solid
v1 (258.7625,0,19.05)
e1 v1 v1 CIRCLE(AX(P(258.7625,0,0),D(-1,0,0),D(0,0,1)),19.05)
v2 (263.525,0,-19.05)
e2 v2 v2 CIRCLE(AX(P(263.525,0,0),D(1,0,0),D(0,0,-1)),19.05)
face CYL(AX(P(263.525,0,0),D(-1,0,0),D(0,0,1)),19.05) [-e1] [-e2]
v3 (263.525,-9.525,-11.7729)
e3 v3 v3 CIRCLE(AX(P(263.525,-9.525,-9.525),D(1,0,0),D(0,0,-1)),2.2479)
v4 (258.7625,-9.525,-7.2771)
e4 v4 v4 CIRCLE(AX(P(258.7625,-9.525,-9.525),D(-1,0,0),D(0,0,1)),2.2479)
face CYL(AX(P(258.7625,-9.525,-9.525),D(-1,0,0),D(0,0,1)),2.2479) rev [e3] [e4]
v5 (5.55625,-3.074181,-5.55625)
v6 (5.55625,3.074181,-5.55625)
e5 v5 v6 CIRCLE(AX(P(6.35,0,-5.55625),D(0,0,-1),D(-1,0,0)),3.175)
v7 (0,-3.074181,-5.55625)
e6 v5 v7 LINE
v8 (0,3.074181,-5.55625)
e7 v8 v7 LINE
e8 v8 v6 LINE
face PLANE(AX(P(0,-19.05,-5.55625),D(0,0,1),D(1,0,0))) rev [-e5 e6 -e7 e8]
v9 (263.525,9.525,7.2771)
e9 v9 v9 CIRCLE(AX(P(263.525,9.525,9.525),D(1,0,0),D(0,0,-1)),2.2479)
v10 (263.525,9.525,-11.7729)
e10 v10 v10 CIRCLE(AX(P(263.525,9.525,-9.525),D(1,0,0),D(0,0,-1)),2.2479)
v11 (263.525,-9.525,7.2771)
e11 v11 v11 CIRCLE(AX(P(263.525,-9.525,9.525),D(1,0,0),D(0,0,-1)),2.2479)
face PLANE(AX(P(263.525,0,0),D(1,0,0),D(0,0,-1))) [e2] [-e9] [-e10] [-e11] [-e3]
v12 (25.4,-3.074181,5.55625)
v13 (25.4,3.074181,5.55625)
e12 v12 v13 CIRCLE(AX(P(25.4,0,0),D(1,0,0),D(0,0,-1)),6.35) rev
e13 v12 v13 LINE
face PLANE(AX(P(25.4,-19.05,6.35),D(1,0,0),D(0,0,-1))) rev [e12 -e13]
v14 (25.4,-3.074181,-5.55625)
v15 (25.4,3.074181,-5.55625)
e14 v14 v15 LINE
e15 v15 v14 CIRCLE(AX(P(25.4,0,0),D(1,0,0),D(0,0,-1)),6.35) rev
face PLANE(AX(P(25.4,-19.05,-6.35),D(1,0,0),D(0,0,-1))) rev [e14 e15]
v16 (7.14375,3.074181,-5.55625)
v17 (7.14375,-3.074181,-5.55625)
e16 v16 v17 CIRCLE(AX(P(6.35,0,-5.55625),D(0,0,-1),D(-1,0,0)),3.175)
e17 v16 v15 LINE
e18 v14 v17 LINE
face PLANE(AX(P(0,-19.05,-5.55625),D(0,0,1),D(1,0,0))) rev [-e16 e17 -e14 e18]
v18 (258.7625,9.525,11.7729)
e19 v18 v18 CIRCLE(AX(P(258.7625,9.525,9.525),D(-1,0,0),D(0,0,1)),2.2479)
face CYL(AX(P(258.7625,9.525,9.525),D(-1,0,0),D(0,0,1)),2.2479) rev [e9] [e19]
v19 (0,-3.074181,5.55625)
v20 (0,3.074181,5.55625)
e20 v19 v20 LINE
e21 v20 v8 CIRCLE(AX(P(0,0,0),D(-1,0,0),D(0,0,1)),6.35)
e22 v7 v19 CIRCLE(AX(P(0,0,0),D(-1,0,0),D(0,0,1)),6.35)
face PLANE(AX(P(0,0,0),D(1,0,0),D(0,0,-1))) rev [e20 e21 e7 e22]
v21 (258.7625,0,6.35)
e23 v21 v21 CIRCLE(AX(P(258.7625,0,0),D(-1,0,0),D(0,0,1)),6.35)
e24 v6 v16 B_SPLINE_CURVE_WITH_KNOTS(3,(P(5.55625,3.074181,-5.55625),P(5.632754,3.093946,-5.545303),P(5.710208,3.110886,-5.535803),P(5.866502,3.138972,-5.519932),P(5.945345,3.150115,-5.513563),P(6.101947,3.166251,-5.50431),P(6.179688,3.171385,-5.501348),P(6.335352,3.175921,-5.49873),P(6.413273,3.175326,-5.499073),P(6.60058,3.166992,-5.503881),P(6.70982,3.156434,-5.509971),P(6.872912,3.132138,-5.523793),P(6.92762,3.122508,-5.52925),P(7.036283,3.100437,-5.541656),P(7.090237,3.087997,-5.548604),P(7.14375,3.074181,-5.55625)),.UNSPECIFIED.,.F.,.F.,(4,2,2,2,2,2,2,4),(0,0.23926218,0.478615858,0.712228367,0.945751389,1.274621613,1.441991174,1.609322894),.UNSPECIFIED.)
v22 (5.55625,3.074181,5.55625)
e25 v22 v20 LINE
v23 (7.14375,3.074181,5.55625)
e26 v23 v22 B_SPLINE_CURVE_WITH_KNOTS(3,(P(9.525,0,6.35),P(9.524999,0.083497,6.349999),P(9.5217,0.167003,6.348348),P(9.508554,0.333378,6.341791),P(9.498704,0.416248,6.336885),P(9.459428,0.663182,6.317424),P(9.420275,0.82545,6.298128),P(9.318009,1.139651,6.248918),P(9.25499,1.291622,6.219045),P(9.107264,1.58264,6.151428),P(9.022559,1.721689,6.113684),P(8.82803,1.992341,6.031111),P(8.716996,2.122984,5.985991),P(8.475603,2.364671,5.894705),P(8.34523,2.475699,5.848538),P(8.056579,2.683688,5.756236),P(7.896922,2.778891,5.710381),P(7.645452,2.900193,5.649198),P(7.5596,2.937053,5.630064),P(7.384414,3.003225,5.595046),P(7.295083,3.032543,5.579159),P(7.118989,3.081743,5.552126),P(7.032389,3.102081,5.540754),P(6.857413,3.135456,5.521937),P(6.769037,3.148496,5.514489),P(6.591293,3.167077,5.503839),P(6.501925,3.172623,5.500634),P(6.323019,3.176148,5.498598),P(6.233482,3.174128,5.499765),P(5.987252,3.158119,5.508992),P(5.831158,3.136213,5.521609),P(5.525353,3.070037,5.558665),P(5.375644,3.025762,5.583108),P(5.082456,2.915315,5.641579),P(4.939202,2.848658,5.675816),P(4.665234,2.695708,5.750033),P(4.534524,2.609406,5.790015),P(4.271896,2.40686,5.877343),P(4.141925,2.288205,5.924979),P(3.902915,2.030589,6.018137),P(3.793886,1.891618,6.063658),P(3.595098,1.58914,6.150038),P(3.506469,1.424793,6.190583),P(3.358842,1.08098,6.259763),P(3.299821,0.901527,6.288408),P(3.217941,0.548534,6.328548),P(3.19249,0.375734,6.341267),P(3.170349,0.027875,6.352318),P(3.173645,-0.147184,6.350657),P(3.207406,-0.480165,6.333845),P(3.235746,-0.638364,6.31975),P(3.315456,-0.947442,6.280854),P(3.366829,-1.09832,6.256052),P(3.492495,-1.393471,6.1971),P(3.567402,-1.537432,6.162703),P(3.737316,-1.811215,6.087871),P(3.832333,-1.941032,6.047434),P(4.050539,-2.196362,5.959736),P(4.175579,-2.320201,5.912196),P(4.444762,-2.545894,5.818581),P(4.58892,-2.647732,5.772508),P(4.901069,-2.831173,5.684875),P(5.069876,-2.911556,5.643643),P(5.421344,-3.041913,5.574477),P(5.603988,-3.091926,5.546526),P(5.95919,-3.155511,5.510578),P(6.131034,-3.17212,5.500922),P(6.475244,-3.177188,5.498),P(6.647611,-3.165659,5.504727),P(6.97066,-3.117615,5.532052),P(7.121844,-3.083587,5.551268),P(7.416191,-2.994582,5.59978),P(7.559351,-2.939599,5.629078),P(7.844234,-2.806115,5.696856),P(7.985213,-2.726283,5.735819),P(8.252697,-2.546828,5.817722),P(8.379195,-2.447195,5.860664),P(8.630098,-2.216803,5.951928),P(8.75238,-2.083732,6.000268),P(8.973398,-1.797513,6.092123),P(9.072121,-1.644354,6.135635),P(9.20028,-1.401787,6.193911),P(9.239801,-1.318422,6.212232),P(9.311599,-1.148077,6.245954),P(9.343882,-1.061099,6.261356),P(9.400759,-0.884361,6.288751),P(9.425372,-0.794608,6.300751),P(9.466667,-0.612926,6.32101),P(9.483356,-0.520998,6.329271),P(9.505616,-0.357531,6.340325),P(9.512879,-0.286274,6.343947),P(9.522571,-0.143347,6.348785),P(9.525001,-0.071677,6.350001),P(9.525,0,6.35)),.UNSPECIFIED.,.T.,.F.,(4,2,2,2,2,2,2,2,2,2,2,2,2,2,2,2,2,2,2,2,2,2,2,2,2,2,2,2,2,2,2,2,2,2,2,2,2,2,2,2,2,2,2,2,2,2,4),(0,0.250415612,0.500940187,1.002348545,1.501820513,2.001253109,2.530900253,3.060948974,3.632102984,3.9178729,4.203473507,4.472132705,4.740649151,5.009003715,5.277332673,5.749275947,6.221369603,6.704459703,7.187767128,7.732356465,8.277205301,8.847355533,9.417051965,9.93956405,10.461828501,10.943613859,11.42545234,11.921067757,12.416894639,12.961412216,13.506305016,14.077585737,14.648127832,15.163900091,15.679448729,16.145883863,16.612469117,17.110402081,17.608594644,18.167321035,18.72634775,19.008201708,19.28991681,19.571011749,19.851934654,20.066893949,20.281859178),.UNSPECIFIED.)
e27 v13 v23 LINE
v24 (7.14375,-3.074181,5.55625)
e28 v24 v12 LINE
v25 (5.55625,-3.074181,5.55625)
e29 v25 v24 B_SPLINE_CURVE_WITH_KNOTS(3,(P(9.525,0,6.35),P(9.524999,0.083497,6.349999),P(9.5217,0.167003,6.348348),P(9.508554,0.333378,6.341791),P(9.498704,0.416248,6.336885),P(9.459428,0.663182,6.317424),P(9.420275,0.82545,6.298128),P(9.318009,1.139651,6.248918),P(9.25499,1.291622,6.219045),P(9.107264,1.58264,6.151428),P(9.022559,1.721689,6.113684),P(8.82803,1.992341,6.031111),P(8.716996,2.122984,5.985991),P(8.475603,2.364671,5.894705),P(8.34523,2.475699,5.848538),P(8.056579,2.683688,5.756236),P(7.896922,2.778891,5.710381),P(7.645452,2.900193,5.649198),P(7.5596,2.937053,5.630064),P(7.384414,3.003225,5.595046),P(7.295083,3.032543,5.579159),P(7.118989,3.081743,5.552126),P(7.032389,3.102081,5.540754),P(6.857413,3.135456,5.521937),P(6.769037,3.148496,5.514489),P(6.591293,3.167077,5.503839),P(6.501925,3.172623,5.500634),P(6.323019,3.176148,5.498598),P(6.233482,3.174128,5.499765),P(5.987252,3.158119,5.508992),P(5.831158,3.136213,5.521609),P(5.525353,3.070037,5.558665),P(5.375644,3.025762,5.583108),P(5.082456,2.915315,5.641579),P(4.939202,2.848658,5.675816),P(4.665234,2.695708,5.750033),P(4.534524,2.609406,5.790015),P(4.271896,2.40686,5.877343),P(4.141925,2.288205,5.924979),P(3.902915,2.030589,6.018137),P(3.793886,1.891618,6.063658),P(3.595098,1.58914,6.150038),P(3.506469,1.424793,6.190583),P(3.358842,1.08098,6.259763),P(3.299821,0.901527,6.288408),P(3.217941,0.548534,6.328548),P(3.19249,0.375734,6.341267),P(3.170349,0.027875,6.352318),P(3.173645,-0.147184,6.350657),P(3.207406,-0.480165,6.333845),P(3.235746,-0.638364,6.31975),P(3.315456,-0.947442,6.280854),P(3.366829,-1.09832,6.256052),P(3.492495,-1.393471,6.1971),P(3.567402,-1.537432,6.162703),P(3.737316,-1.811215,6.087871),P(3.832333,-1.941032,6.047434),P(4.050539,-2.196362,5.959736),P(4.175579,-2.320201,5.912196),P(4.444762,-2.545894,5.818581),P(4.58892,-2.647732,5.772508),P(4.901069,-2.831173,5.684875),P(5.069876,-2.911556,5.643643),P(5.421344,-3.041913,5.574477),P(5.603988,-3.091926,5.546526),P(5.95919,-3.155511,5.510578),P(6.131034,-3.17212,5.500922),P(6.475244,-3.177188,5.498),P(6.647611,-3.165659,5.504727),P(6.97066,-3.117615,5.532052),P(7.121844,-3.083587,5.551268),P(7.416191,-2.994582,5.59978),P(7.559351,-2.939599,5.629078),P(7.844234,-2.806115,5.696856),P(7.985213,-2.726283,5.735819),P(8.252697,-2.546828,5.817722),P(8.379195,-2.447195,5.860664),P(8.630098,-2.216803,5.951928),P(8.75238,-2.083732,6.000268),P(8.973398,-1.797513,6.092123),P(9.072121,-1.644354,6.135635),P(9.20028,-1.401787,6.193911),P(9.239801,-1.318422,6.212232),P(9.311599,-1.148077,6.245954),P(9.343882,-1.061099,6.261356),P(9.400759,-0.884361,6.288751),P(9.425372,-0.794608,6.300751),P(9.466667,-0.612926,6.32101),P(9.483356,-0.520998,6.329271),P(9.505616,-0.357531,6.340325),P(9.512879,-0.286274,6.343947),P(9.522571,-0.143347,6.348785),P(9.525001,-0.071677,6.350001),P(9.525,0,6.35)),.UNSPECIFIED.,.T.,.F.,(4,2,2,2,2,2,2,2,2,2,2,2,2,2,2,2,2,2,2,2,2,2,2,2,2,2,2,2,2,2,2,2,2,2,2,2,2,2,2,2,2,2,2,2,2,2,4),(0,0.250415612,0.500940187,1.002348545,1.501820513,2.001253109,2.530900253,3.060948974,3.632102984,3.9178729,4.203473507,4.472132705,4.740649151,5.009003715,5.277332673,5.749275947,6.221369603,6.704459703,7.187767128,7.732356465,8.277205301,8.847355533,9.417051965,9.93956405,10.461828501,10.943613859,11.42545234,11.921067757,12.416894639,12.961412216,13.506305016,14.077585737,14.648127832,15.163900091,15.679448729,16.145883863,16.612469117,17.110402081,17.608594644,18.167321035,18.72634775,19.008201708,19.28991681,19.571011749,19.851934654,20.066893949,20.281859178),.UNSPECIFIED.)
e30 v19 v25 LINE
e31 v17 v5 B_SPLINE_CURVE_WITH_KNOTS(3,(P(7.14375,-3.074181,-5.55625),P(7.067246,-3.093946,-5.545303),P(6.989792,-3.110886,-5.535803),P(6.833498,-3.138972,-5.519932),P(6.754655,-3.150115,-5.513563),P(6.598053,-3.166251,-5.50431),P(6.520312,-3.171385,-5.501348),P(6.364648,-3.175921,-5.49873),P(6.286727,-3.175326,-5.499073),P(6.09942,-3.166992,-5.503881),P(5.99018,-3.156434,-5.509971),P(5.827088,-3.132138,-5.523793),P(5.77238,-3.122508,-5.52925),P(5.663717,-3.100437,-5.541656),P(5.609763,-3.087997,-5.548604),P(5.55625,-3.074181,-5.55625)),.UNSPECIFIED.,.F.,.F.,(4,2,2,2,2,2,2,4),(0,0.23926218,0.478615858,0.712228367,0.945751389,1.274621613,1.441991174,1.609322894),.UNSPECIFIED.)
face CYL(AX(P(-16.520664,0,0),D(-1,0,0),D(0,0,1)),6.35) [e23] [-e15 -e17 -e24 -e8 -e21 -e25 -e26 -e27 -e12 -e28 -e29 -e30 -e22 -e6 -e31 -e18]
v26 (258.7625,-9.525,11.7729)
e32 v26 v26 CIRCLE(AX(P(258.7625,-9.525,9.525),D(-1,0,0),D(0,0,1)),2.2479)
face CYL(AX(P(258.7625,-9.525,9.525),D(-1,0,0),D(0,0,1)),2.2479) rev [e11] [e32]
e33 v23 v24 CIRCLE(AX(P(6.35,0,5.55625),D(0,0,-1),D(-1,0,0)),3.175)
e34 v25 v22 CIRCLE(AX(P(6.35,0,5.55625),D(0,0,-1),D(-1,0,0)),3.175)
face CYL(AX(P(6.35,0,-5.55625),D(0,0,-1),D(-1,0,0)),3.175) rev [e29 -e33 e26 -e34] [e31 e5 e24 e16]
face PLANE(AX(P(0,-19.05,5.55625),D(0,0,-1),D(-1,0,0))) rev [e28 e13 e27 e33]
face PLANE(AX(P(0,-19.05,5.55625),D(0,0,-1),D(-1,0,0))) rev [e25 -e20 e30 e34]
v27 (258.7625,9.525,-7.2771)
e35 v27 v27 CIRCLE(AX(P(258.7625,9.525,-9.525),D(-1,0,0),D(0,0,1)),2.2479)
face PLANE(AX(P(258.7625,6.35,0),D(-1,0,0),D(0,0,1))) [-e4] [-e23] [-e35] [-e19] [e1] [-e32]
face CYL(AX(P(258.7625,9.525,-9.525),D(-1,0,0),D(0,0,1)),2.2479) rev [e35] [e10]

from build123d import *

# Parameters (mm, degrees)
SKETCH1_R                       = 19.05
BOSS_EXTRUDE1_DEPTH             = 263.525
SKETCH2_W                       = 258.7625
SKETCH2_H                       = 12.7
CUT_EXTRUDE1_DEPTH              = 265.898528922
CUT_EXTRUDE1_DEPTH_BACK         = 265.898528922
SKETCH8_W                       = 25.4
SKETCH8_H                       = 0.79375
F_1_1_DIAMETER_HOLE2_D          = 6.35
F_16_0_177_DIAMETER_HOLE1_D     = 4.4958
F_16_0_177_DIAMETER_HOLE1_DEPTH = 25.4
F_16_0_177_DIAMETER_HOLE1_TIP   = 1.350674586


with BuildPart() as part:
    # Sketch1 → Boss-Extrude1 (new body)
    with BuildSketch(Plane(origin=(0, 0, 0), x_dir=(0, 0, -1), z_dir=(1, 0, 0))):
        Circle(SKETCH1_R)
    extrude(amount=BOSS_EXTRUDE1_DEPTH)

    # Sketch2 → Cut-Revolve1 (revolve, cut)
    with BuildSketch(Plane.XY, mode=Mode.PRIVATE) as cut_revolve1_sk:
        with Locations((129.38125, 12.7)):
            Rectangle(SKETCH2_W, SKETCH2_H)
    revolve(cut_revolve1_sk.sketch.rotate(Axis((-16.52066387, 0, 0), (1, 0, 0)), 90), axis=Axis((-16.52066387, 0, 0), (1, 0, 0)), mode=Mode.SUBTRACT)

    # Sketch8 → Cut-Extrude1 (cut, two sides: drawn at the far end of the back side and taken through both)
    with BuildSketch(Plane(origin=(0, 0, 0), x_dir=(1, 0, 0), z_dir=(0, 1, 0)).offset(-CUT_EXTRUDE1_DEPTH_BACK)):
        with Locations((12.7, 5.953125)):
            Rectangle(SKETCH8_W, SKETCH8_H)
        with Locations((12.7, -5.953125)):
            Rectangle(SKETCH8_W, SKETCH8_H)
    extrude(amount=CUT_EXTRUDE1_DEPTH + CUT_EXTRUDE1_DEPTH_BACK, mode=Mode.SUBTRACT)

    # 1 (1) Diameter Hole2 (through all)
    with Locations(Plane(origin=(0, 0, -5.55625), x_dir=(-1, 0, 0), z_dir=(0, 0, -1))):
        with Locations((-6.35, 0)):
            Hole(F_1_1_DIAMETER_HOLE2_D / 2)

    # #16 (0.177) Diameter Hole1
    with Locations(Plane.ZY.offset(-258.7625)):
        with Locations((9.525, 9.525), (-9.525, -9.525), (-9.525, 9.525), (9.525, -9.525)):
            Hole(F_16_0_177_DIAMETER_HOLE1_D / 2, depth=F_16_0_177_DIAMETER_HOLE1_DEPTH)
            with Locations((0, 0, -(F_16_0_177_DIAMETER_HOLE1_DEPTH + F_16_0_177_DIAMETER_HOLE1_TIP / 2))):  # 118° drill point
                Cone(0, F_16_0_177_DIAMETER_HOLE1_D / 2, F_16_0_177_DIAMETER_HOLE1_TIP, mode=Mode.SUBTRACT)


solid = part.part
